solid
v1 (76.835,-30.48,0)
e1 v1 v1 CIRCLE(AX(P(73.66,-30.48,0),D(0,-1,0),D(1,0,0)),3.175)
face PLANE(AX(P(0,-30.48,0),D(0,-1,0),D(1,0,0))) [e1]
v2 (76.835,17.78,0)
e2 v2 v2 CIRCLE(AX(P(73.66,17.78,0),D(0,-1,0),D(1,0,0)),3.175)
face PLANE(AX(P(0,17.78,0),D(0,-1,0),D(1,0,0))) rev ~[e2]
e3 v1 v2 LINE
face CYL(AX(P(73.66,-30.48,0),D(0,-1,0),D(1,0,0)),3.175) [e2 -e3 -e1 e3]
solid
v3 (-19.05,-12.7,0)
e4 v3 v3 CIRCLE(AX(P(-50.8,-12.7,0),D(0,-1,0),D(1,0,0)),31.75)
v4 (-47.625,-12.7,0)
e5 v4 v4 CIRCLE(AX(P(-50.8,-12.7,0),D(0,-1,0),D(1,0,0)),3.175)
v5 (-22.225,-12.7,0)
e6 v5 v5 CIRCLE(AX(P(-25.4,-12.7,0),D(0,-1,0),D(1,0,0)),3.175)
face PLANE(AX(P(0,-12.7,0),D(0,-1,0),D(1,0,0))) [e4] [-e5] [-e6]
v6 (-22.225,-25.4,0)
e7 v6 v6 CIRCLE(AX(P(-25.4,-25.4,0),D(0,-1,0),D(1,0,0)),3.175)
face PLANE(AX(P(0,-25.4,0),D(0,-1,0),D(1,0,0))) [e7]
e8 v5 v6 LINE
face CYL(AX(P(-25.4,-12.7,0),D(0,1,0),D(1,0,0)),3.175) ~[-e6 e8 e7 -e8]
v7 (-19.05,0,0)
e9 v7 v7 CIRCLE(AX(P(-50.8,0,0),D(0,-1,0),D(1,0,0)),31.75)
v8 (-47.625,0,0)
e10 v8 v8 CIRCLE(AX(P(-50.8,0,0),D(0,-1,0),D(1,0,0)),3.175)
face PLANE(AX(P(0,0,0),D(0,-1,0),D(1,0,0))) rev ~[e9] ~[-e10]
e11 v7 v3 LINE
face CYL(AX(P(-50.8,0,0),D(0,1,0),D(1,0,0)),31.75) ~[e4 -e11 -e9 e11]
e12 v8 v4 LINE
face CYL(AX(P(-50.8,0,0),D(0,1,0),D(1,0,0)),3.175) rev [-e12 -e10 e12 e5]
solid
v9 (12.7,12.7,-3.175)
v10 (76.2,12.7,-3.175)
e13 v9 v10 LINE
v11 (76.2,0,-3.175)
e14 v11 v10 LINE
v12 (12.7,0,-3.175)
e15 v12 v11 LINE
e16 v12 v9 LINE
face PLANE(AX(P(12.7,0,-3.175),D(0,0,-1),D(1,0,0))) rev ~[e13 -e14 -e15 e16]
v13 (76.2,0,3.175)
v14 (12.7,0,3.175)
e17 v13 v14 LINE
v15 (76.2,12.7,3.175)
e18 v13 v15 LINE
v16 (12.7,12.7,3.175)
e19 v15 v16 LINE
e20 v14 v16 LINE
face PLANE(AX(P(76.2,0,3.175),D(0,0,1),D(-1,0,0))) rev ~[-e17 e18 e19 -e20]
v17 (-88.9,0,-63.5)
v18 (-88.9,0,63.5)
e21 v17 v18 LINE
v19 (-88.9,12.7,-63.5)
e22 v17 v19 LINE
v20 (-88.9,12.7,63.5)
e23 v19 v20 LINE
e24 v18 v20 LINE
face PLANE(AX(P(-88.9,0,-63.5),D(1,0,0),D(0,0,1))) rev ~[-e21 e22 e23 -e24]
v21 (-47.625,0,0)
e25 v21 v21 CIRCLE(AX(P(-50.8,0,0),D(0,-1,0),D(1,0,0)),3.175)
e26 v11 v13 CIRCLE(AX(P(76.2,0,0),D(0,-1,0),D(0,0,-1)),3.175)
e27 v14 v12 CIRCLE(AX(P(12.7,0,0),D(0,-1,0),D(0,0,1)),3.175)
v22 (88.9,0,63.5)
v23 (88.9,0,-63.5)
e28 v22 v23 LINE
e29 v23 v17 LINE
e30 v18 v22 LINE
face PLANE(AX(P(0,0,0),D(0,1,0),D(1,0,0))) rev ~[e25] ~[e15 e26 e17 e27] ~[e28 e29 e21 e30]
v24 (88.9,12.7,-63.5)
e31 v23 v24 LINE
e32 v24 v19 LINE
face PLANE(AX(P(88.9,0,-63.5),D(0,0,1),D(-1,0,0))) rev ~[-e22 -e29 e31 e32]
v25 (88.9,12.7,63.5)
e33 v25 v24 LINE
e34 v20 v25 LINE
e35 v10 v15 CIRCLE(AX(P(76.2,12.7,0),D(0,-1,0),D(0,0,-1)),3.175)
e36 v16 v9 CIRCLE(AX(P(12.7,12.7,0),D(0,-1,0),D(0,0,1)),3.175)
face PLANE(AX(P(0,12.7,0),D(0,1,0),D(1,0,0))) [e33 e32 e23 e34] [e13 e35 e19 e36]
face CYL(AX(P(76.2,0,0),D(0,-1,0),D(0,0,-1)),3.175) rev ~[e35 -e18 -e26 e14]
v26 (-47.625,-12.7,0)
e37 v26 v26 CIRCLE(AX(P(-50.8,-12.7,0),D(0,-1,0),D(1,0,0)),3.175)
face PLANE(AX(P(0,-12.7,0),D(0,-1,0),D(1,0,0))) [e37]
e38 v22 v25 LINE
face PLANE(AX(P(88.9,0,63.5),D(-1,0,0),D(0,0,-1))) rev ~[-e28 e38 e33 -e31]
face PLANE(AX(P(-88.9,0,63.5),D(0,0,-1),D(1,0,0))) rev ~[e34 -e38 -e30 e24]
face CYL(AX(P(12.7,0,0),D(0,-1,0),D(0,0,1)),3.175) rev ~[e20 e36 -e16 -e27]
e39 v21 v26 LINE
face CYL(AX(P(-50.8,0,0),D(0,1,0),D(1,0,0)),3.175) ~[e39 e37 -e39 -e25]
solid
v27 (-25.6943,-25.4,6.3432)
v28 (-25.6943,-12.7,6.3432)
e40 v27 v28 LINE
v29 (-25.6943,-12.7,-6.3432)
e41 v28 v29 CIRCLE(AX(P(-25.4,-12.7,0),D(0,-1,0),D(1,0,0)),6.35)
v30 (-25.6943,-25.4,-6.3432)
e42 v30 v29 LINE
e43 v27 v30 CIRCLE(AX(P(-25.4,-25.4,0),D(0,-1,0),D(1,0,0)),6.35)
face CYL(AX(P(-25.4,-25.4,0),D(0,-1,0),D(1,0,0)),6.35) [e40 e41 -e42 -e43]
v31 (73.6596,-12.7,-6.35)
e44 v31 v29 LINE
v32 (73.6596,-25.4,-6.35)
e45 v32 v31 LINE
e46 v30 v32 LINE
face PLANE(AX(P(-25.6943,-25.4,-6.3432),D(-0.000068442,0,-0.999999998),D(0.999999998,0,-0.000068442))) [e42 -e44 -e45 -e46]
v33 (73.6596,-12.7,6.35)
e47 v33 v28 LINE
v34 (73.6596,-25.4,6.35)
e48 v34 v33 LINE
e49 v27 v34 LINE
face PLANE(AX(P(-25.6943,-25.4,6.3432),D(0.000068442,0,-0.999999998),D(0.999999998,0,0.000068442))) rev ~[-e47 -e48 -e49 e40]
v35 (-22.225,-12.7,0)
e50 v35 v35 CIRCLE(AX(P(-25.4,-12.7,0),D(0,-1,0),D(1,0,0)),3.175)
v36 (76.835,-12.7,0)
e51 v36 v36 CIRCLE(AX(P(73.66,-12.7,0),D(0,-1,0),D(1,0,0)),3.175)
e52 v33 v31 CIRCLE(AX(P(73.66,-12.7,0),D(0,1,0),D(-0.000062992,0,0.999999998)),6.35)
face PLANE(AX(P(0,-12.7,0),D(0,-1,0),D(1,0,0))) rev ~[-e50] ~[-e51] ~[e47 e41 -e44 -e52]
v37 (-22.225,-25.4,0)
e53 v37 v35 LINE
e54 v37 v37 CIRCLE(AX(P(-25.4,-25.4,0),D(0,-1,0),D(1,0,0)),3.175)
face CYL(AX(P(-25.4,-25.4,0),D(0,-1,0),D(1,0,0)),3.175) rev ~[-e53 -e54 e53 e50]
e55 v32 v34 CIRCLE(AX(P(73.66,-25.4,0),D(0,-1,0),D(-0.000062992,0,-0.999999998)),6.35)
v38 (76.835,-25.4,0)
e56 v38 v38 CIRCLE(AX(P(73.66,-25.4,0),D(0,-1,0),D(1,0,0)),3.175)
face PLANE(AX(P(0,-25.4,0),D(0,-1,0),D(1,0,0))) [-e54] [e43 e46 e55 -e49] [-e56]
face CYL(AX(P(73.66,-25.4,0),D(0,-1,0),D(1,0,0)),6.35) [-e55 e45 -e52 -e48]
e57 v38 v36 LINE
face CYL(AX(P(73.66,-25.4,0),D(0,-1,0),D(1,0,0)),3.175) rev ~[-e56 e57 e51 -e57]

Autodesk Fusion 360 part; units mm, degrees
sketch "Sketch1" plane through (0, 0, 0) normal (0, 1, 0) x (1, 0, 0)
  line L0 (88.9, 63.5) -> (-88.9, 63.5)
  line L1 (-88.9, 63.5) -> (-88.9, -63.5)
  line L2 (-88.9, -63.5) -> (88.9, -63.5)
  line L3 (88.9, -63.5) -> (88.9, 63.5)
  line L4 (88.9, 63.5) -> (-88.9, -63.5) construction
  line L5 (-88.9, 63.5) -> (88.9, -63.5) construction
extrude "Extrude1" add sketch "Sketch1" along normal blind 12.7 makes body 1 in component "Base"
sketch "Sketch2" plane through (0, 0, 0) normal (0, -1, 0) x (1, 0, 0)
  line L0 (88.9, -63.5) -> (88.9, 63.5)
  line L1 (88.9, 63.5) -> (-88.9, 63.5)
  line L2 (-88.9, 63.5) -> (-88.9, -63.5)
  line L3 (-88.9, -63.5) -> (88.9, -63.5)
  circle A0 centre (-50.8, 0) radius 3.175
  dimension "d3" = 6.35
extrude "Extrude2" add sketch "Sketch2" along normal blind 12.7 contours A0 bodies 1 in component "Base"
sketch "Sketch3" plane through (0, 0, 0) normal (0, -1, 0) x (1, 0, 0)
  circle A0 centre (-50.8, 0) radius 3.175
  line L0 (88.9, -63.5) -> (88.9, 63.5)
  line L1 (88.9, 63.5) -> (-88.9, 63.5)
  line L2 (-88.9, 63.5) -> (-88.9, -63.5)
  line L3 (-88.9, -63.5) -> (88.9, -63.5)
  circle A1 centre (-50.8, 0) radius 31.75
  dimension "d6" = 63.5
extrude "Extrude1'" add sketch "Sketch3" along normal blind 12.7 separate body contours A1 makes body 2 in component "Wheel"
sketch "Sketch4" plane through (0, -12.7, 0) normal (0, -1, 0) x (1, 0, 0)
  circle A0 centre (-50.8, 0) radius 3.175
  circle A1 centre (-50.8, 0) radius 31.75
  circle A2 centre (-25.4, 0) radius 3.175
  dimension "d9" = 6.35
extrude "Extrude2'" add sketch "Sketch4" along normal blind 12.7 contours A2 bodies 2 in component "Wheel"
sketch "Sketch5" plane through (0, 0, 0) normal (0, -1, 0) x (1, 0, 0)
  circle A0 centre (-50.8, 0) radius 3.175
  line L0 (88.9, -63.5) -> (88.9, 63.5)
  line L1 (88.9, 63.5) -> (-88.9, 63.5)
  line L2 (-88.9, 63.5) -> (-88.9, -63.5)
  line L3 (-88.9, -63.5) -> (88.9, -63.5)
  line L4 (12.7, -3.175) -> (76.2, -3.175)
  arc A1 (76.2, -3.175) -> (76.2, 3.175) centre (76.2, 0) ccw
  line L5 (76.2, 3.175) -> (12.7, 3.175)
  arc A2 (12.7, 3.175) -> (12.7, -3.175) centre (12.7, 0) ccw
  line L6 (12.7, 0) -> (76.2, 0) construction
  dimension "d12" = 6.35
extrude "Extrude3" cut sketch "Sketch5" against normal blind 12.7 contours L4 A1 L5 A2 bodies 1 in component "Base"
sketch "Sketch6" plane through (0, -25.4, 0) normal (0, -1, 0) x (1, 0, 0)
  circle A0 centre (-25.4, 0) radius 3.175
  circle A1 centre (73.66, 0) radius 3.175
  dimension "d15" = 6.35
extrude "Extrude1''" add sketch "Sketch6" along normal blind -43.18 and the other way blind -5.08 separate body contours A1 makes body 3 in component "Slide"
sketch "Sketch7" plane through (0, -25.4, 0) normal (0, -1, 0) x (1, 0, 0)
  circle A0 centre (-25.4, 0) radius 3.175
  circle A1 centre (-25.4, 0) radius 3.175
  circle A2 centre (73.66, 0) radius 3.175
  circle A3 centre (-25.4, 0) radius 6.35
  circle A4 centre (73.66, 0) radius 6.35
  line L0 (-25.6943, 6.3432) -> (73.6596, 6.35)
  line L1 (-25.6943, -6.3432) -> (73.6596, -6.35)
  dimension "d20" = 12.7
  dimension "d21" = 12.7
extrude "Extrude1'''" add sketch "Sketch7" against normal blind 12.7 separate body contours A3 L0 L1 | A3 A4 L0 L1 | A4 makes body 4 in component "Component"
component "Base" placed x (1, 0, 0) y (0, 1, 0) z (0, 0, 1) at (0, 0, 0)
component "Wheel" placed x (1, 0, 0) y (0, 1, 0) z (0, 0, 1) at (0, 0, 0)
component "Slide" placed x (1, 0, 0) y (0, 1, 0) z (0, 0, 1) at (0, 0, 0)
component "Component" placed x (1, 0, 0) y (0, 1, 0) z (0, 0, 1) at (0, 0, 0)
